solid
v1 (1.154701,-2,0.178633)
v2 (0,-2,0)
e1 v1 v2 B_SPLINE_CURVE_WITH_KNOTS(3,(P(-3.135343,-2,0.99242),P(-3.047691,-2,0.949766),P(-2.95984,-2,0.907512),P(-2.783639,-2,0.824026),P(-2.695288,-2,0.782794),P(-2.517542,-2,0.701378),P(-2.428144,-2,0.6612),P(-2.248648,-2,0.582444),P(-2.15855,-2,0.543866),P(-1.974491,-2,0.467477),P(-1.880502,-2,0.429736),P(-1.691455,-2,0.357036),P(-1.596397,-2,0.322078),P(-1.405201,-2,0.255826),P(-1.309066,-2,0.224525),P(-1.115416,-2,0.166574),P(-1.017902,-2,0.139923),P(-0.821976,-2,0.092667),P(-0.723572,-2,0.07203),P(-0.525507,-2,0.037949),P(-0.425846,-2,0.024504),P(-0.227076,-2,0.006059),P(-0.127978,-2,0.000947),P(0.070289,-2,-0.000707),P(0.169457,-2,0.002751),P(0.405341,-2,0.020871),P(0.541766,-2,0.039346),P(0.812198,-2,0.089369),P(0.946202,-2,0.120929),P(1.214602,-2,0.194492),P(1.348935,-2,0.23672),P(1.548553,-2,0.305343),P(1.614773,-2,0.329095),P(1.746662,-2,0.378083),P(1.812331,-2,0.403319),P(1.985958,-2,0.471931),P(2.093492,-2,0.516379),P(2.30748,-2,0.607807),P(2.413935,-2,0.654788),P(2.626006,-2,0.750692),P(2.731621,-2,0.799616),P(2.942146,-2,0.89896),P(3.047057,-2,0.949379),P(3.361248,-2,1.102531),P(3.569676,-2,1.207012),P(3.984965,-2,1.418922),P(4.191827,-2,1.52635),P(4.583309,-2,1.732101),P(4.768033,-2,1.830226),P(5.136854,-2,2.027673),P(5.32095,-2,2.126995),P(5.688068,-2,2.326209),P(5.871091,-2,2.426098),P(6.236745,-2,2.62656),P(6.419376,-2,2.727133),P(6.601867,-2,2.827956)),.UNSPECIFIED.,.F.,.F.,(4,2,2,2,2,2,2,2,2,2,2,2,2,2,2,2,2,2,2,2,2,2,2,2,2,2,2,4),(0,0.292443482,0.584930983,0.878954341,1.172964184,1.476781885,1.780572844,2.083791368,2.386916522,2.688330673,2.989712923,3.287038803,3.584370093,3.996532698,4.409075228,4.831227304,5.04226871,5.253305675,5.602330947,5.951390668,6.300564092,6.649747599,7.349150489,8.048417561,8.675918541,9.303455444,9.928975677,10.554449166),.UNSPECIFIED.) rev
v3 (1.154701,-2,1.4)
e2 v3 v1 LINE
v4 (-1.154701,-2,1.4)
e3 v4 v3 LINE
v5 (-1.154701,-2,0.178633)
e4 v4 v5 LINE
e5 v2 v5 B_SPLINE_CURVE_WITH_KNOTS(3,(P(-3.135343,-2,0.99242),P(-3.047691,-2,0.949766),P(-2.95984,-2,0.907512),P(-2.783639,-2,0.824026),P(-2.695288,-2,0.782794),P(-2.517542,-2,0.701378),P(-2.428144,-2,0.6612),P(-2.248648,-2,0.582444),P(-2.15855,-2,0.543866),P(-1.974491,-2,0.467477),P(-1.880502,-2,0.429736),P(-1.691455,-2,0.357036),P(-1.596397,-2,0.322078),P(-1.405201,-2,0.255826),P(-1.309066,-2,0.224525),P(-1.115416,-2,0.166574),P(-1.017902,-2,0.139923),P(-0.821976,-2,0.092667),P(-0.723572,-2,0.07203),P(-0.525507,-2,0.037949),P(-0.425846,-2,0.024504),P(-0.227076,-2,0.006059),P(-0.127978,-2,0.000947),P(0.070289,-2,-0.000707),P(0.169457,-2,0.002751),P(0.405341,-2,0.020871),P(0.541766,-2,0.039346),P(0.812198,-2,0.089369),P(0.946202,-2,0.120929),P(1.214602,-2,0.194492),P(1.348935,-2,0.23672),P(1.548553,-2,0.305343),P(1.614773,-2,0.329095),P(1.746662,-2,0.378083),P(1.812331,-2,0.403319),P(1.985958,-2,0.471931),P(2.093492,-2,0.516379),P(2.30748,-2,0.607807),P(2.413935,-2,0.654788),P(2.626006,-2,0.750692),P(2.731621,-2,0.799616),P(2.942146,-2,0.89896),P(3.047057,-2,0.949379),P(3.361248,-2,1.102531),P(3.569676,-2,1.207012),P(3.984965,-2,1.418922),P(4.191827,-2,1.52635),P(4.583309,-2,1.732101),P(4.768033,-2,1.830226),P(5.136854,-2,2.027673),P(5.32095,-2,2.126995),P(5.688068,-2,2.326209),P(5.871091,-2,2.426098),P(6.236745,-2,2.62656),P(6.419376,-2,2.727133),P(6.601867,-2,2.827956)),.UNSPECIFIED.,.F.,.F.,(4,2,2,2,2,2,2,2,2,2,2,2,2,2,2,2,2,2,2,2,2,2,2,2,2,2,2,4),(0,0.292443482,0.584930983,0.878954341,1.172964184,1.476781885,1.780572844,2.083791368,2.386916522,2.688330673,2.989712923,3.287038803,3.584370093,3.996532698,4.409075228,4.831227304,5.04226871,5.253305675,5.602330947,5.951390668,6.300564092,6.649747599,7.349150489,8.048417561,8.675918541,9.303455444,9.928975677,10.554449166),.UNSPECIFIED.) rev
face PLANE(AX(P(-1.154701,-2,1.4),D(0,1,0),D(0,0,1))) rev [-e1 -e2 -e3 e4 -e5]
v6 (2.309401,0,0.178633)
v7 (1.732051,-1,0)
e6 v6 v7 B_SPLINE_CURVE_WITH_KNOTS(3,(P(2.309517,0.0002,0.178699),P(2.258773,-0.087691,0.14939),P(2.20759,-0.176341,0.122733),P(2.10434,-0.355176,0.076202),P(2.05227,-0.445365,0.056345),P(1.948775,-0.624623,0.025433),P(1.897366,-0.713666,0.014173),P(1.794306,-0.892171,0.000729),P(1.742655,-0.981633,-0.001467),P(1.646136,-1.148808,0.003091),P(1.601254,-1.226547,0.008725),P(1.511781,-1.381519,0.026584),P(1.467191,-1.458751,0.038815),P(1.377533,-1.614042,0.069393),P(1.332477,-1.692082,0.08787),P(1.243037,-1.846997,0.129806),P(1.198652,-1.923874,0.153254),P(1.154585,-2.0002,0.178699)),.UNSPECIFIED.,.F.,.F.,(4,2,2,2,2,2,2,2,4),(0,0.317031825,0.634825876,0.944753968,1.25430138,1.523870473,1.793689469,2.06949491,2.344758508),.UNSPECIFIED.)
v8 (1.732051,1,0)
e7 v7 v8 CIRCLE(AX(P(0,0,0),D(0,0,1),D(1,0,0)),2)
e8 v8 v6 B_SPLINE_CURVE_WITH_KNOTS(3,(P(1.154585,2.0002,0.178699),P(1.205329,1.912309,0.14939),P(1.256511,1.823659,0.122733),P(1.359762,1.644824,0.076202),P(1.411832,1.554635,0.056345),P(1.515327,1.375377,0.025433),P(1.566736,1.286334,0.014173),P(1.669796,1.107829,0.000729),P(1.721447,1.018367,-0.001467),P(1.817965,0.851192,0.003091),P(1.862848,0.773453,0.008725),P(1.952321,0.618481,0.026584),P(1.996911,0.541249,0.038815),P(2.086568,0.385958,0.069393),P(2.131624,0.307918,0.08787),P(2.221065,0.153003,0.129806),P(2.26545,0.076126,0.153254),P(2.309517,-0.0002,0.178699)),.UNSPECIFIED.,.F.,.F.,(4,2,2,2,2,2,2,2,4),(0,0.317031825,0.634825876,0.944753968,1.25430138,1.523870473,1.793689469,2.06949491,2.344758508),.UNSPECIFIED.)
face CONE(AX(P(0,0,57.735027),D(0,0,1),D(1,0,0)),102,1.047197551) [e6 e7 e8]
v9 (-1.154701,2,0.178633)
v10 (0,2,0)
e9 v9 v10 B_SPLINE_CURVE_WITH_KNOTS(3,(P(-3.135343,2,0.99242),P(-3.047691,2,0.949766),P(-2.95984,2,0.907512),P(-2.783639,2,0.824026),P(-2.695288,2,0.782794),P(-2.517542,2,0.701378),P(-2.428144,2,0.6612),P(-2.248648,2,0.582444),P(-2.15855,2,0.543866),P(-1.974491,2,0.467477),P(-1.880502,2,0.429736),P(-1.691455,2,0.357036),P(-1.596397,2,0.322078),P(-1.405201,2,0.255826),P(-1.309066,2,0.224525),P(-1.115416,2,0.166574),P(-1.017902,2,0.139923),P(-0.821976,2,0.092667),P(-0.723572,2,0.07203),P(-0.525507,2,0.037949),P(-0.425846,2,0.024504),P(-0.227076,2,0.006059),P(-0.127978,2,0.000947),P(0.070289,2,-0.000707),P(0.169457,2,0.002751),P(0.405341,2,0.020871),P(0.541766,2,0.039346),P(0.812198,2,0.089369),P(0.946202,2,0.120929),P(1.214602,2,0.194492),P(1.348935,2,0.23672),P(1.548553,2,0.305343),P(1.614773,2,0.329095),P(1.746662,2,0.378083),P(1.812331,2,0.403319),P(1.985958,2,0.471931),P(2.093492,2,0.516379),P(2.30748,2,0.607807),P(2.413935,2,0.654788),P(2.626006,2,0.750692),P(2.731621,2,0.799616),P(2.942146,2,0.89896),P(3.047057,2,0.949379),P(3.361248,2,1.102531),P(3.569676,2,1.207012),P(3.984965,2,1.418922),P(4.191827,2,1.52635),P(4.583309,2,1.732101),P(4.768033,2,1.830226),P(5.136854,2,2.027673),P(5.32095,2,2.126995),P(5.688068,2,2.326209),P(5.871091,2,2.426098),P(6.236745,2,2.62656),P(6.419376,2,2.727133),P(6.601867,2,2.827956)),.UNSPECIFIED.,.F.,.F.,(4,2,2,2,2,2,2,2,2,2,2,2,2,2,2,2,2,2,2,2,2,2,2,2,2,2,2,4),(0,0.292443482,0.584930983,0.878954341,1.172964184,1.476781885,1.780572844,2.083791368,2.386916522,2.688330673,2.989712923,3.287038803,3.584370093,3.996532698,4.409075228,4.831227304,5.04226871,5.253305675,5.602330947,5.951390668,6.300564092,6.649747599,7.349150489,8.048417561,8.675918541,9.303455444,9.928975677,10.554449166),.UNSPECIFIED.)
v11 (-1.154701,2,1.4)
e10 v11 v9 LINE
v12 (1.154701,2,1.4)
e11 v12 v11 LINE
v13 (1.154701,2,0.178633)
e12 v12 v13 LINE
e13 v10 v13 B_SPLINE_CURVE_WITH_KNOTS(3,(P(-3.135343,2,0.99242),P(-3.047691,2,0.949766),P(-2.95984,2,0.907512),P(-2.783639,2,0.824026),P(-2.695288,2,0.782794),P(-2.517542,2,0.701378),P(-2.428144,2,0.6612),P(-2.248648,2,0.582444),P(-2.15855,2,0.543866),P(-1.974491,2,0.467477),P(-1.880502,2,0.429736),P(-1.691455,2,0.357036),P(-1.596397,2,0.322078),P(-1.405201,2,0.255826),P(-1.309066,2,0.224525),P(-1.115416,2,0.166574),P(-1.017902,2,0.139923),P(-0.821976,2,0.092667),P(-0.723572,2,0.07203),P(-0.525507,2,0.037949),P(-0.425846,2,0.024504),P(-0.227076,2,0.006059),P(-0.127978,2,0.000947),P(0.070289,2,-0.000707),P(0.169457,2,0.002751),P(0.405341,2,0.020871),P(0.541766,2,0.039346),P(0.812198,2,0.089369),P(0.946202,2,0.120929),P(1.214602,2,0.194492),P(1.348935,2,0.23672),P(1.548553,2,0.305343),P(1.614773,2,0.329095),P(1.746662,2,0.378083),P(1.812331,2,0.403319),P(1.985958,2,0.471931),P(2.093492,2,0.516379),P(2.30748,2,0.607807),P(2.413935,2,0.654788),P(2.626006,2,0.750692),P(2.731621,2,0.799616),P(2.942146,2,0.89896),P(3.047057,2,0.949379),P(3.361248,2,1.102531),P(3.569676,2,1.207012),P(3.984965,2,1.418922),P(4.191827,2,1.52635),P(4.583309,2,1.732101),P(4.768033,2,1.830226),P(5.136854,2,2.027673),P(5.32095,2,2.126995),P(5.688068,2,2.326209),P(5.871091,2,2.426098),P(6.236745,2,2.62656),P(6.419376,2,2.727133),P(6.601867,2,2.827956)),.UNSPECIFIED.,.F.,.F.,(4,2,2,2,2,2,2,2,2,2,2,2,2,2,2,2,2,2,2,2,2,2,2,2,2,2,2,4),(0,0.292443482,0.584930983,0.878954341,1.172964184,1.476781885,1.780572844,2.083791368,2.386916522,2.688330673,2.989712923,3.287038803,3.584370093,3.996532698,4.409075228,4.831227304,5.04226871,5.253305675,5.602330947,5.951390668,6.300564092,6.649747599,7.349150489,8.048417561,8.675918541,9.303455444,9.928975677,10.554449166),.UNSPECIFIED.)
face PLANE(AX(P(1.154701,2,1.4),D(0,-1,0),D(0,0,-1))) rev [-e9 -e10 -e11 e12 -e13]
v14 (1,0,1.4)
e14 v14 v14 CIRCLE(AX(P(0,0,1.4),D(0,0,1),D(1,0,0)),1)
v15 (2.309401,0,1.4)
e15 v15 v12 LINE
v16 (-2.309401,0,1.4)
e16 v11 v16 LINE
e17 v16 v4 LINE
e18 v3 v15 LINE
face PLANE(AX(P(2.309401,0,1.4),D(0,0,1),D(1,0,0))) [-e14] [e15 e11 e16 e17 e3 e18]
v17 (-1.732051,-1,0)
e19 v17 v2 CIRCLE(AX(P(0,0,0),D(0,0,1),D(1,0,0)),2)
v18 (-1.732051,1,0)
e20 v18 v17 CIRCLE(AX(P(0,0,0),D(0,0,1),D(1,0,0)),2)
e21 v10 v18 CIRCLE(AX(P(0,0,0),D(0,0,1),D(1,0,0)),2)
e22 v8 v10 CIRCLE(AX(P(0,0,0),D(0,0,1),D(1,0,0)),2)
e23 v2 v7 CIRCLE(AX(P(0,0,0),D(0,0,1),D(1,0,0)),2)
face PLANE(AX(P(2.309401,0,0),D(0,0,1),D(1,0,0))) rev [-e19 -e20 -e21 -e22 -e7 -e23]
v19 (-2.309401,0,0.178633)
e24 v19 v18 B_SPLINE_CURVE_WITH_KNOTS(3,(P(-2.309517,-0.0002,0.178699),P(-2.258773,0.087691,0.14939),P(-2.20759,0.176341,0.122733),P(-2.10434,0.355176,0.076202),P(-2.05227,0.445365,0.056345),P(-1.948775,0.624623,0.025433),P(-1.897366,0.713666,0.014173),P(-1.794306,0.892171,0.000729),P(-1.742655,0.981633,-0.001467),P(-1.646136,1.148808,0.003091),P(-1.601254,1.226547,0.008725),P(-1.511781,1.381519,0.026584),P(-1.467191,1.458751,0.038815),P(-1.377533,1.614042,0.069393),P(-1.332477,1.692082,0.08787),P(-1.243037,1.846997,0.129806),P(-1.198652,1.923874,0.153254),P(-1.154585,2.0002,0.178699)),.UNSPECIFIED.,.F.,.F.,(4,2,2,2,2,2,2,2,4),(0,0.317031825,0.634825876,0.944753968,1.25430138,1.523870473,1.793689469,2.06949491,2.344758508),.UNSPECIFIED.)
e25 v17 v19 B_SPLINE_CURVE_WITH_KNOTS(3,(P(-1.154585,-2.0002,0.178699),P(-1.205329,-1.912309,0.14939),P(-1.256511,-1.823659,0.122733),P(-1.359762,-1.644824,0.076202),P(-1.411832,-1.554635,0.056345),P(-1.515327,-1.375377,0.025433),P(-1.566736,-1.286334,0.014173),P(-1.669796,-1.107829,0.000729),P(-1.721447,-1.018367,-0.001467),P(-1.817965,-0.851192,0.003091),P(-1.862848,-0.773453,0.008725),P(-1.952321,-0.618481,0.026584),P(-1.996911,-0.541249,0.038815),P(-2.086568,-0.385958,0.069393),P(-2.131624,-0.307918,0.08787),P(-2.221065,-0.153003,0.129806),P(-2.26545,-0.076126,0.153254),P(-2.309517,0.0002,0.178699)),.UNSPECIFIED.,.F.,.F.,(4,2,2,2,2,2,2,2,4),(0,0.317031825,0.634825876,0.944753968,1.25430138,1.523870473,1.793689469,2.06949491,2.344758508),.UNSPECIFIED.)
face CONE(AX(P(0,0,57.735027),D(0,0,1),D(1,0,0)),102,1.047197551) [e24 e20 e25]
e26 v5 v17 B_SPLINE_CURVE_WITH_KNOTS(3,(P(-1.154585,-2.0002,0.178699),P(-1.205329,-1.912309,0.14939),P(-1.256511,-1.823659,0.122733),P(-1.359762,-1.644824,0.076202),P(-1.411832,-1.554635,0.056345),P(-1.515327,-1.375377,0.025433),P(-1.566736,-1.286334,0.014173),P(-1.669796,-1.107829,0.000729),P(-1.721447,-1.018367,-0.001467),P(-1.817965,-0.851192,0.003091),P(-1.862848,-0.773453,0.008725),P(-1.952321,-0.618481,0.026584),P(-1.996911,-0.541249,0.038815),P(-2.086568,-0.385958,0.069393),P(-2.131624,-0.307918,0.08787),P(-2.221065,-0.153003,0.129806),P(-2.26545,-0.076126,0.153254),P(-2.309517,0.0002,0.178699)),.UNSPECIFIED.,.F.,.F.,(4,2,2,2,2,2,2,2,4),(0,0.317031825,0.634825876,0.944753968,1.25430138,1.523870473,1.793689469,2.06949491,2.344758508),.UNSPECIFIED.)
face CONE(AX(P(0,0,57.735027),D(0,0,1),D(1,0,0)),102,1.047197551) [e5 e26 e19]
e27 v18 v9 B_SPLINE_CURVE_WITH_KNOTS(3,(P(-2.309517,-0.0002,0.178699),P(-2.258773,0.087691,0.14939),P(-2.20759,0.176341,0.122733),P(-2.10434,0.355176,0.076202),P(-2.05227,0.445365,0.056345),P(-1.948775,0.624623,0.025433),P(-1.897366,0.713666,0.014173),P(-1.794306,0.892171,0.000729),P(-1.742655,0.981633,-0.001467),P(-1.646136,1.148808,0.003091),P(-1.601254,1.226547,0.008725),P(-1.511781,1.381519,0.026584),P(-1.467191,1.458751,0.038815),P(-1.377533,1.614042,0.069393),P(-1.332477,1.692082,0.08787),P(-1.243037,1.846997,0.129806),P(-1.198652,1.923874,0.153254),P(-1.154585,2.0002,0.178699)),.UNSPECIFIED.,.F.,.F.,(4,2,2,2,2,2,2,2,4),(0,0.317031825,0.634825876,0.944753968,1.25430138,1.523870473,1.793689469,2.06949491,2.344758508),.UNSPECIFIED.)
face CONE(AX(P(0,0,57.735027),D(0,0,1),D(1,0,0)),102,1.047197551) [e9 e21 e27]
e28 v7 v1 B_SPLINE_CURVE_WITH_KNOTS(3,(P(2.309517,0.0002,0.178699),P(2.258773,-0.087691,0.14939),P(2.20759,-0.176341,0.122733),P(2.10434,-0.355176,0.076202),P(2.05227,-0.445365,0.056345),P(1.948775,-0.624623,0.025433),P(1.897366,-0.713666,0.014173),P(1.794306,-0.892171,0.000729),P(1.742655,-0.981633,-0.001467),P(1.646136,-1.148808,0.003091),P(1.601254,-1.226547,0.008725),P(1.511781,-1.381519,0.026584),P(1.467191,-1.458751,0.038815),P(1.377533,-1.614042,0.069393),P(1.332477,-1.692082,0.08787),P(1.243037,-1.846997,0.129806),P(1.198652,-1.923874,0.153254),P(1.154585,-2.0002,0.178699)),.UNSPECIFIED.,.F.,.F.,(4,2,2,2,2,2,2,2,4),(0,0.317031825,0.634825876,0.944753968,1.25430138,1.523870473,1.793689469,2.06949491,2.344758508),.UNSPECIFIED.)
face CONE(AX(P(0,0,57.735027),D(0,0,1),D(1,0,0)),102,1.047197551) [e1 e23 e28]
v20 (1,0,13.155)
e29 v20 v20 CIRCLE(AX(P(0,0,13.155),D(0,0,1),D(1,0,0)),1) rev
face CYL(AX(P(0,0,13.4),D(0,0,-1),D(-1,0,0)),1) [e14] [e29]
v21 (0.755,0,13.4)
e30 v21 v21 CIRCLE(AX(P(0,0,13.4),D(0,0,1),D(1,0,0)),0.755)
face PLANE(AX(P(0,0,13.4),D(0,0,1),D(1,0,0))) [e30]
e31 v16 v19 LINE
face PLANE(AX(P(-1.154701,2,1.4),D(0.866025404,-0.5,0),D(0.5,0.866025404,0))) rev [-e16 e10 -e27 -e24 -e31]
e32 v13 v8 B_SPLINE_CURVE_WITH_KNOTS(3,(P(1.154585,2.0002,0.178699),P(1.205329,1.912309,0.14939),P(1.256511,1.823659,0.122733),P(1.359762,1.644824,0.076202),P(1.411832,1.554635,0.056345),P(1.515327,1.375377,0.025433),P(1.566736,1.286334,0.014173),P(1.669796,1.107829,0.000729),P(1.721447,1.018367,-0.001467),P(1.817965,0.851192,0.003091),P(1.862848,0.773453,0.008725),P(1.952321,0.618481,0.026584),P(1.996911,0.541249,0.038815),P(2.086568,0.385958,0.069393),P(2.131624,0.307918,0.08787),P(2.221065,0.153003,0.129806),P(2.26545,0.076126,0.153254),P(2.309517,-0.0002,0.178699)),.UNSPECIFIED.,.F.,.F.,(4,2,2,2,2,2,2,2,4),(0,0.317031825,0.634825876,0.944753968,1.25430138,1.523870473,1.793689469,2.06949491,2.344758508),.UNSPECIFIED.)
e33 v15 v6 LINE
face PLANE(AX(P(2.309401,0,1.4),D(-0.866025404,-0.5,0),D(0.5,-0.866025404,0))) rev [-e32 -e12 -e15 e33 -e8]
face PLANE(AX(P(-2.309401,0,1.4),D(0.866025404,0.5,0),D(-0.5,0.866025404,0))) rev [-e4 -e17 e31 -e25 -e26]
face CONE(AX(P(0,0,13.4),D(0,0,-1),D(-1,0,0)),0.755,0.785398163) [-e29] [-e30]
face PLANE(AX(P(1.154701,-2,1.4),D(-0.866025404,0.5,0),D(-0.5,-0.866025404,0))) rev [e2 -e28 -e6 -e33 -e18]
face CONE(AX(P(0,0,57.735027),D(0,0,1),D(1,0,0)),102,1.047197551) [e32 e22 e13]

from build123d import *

# Parameters (mm, degrees)
EXTRUDE1_DEPTH = 1.4
SKETCH2_R      = 1
EXTRUDE2_DEPTH = 12
CHAMFER1_SIZE  = 0.245


with BuildPart() as part:
    # Sketch1 → Extrude1 (new body)
    with BuildSketch(Plane.XY):
        Polygon((2.309401077, 0), (1.154700538, 2), (-1.154700538, 2), (-2.309401077, 0), (-1.154700538, -2), (1.154700538, -2), align=None)
    extrude(amount=EXTRUDE1_DEPTH)

    # Sketch2 → Extrude2 (add)
    with BuildSketch(Plane.XY.offset(1.4)):
        Circle(SKETCH2_R)
    extrude(amount=EXTRUDE2_DEPTH)

    # Sketch3 → Cut-Revolve1 (revolve, cut)
    with BuildSketch(Plane(origin=(0, 0, 0), x_dir=(0, 0, -1), z_dir=(1, 0, 0))):
        Polygon((0, 2), (0, 102), (-57.735026919, 102), align=None)
    revolve(axis=Axis((0, 0, 0), (0, 0, -1)), mode=Mode.SUBTRACT)

    # Chamfer1
    chamfer1_edges = [part.edges().sort_by_distance(p)[0] for p in [
        (-1, 0, 13.4),
    ]]
    chamfer(chamfer1_edges, length=CHAMFER1_SIZE)


solid = part.part
